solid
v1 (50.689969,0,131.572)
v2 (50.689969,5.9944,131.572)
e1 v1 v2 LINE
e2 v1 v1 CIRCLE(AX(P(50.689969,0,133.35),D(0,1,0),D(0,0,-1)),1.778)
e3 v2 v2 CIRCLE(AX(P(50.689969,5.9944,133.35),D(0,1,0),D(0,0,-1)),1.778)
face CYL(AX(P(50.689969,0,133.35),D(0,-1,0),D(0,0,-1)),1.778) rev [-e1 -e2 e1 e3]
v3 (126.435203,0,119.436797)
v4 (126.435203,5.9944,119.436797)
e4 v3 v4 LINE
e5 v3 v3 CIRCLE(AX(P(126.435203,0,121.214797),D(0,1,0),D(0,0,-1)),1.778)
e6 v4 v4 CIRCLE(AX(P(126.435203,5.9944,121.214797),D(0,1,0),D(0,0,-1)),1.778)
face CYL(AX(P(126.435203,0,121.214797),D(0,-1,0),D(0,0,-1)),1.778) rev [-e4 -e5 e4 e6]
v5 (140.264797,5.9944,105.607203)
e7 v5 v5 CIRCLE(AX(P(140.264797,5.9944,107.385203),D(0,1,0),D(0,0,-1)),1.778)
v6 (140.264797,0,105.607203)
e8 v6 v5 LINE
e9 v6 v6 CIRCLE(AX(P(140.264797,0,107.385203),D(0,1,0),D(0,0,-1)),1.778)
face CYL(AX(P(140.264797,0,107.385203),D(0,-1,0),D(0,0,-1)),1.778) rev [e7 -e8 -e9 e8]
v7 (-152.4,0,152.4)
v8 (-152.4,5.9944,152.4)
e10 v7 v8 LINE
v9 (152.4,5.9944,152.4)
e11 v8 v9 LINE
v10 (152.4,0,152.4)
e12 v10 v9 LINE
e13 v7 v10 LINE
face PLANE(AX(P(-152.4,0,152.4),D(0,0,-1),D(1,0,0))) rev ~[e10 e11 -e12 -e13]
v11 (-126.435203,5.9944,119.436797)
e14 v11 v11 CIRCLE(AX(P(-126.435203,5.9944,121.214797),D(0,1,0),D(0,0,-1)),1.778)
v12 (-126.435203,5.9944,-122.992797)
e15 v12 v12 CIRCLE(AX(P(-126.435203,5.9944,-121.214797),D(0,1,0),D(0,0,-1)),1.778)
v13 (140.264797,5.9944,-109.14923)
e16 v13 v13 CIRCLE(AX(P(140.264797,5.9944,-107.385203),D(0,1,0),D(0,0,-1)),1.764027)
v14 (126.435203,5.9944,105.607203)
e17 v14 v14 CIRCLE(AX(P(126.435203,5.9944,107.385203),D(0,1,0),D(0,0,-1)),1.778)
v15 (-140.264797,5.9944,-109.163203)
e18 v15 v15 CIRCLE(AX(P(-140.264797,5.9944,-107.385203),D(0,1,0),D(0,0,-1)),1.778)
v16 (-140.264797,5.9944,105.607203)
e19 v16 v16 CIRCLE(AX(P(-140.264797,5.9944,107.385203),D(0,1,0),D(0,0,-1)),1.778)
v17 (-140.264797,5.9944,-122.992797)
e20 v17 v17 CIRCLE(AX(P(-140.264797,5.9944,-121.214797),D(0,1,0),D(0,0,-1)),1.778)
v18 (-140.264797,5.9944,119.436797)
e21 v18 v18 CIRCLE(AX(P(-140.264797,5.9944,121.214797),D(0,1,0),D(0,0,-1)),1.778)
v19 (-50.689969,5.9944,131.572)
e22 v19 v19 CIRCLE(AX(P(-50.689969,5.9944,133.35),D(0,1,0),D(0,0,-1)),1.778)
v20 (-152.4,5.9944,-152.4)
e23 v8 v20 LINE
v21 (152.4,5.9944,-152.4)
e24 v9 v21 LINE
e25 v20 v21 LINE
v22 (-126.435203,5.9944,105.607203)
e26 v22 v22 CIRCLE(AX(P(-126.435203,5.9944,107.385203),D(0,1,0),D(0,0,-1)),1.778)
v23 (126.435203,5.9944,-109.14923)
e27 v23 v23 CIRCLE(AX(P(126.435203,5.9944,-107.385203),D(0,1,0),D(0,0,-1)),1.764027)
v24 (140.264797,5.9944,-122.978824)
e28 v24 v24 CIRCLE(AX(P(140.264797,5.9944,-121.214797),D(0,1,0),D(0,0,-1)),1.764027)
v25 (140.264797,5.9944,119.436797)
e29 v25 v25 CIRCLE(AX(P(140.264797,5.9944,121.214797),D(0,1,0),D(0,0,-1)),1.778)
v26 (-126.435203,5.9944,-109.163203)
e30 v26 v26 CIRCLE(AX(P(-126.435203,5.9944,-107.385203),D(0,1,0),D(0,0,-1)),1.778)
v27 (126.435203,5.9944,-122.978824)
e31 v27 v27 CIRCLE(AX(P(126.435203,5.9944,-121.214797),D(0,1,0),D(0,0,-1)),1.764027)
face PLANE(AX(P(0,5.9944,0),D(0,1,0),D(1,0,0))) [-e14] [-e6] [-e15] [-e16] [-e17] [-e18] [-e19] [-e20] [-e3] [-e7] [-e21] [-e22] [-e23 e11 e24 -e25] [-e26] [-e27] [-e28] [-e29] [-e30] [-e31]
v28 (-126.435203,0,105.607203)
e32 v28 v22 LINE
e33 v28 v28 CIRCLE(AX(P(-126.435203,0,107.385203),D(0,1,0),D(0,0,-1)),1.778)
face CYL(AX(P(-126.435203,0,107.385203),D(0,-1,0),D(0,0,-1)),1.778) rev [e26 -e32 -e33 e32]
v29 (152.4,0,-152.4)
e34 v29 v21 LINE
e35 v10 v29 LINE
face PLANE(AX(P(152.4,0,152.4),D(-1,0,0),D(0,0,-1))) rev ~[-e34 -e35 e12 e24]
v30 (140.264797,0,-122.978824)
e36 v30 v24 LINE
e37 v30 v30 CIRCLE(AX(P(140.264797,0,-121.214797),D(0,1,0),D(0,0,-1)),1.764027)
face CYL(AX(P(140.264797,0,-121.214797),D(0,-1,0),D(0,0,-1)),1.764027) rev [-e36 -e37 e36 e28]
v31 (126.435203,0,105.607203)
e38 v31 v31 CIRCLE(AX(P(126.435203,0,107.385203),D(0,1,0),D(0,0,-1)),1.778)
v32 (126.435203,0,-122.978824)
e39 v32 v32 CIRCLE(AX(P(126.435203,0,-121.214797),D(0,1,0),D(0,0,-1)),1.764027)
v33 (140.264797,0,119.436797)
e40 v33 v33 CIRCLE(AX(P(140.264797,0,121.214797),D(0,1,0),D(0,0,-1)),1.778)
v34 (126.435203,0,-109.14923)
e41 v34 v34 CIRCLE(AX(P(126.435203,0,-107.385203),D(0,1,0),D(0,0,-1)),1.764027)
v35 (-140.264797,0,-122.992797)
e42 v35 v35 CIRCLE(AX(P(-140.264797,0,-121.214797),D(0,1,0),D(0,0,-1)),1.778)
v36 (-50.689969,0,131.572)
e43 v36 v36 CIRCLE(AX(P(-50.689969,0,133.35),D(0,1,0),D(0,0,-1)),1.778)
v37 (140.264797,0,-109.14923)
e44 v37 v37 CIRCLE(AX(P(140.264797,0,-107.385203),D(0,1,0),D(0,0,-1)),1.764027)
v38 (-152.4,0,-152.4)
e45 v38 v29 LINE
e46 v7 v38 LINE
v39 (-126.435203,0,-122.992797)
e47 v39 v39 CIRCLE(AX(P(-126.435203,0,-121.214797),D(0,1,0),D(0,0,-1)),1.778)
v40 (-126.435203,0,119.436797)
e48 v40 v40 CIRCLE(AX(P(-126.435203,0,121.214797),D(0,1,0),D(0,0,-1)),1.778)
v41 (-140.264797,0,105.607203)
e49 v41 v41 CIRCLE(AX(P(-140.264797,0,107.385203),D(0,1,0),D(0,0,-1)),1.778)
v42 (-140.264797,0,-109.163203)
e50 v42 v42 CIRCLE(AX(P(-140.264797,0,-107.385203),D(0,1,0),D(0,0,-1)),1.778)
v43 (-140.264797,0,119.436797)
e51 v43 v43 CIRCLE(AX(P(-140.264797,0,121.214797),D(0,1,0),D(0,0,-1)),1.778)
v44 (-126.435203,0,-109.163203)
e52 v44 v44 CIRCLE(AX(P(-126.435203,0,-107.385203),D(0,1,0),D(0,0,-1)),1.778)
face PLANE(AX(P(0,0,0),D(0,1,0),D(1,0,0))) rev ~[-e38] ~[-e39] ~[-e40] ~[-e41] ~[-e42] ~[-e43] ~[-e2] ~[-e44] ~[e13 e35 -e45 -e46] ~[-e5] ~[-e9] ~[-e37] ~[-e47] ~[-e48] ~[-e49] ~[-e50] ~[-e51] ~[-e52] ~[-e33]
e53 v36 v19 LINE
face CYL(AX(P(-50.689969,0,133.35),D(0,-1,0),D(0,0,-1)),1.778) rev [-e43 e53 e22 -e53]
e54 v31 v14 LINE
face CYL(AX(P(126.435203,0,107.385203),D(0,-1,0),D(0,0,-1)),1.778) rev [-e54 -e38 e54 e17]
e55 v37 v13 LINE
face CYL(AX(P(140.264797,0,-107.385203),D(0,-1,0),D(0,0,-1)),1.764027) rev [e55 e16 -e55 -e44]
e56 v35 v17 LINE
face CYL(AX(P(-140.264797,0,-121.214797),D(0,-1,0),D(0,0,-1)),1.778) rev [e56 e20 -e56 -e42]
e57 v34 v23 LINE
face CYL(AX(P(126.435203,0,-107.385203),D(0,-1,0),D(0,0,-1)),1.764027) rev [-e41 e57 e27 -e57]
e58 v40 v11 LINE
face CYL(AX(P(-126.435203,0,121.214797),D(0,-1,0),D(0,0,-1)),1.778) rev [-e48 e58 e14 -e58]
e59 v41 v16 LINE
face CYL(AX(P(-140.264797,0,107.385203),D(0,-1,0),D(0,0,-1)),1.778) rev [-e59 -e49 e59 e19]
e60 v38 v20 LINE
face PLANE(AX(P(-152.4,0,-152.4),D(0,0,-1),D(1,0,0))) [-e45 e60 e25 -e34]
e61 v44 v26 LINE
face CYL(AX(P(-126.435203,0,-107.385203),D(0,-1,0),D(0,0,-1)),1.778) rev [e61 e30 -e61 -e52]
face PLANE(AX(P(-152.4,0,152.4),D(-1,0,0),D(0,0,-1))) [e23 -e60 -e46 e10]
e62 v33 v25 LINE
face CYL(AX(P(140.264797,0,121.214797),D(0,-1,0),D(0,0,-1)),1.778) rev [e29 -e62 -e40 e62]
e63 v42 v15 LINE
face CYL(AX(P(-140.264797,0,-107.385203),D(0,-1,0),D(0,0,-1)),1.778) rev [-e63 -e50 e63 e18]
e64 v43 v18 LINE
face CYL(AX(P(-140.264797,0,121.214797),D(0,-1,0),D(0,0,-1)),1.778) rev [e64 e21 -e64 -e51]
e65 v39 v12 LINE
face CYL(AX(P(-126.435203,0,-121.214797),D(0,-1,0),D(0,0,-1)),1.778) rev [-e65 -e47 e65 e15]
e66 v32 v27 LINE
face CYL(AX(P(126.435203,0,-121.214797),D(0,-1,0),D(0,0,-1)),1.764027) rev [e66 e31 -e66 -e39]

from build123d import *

# Parameters (mm, degrees)
SKETCH1_W           = 304.8
SKETCH1_H           = 304.8
SKETCH1_R           = 1.778
SKETCH1_R_2         = 1.764026957
BOSS_EXTRUDE1_DEPTH = 5.9944


with BuildPart() as part:
    # Sketch1 → Boss-Extrude1 (new body)
    with BuildSketch(Plane(origin=(0, 0, 0), x_dir=(1, 0, 0), z_dir=(0, 1, 0))):
        Rectangle(SKETCH1_W, SKETCH1_H)
        with Locations(Location((-140.264797213, 121.214797213, 0), (0, 0, 90))):
            Circle(SKETCH1_R, mode=Mode.SUBTRACT)
        with Locations(Location((-140.264797213, 107.385202787, 0), (0, 0, 90))):
            Circle(SKETCH1_R, mode=Mode.SUBTRACT)
        with Locations(Location((-126.435202787, 107.385202787, 0), (0, 0, 90))):
            Circle(SKETCH1_R, mode=Mode.SUBTRACT)
        with Locations(Location((-126.435202787, 121.214797213, 0), (0, 0, 90))):
            Circle(SKETCH1_R, mode=Mode.SUBTRACT)
        with Locations(Location((-140.264797213, -121.214797213, 0), (0, 0, 90))):
            Circle(SKETCH1_R, mode=Mode.SUBTRACT)
        with Locations(Location((-126.435202787, -121.214797213, 0), (0, 0, 90))):
            Circle(SKETCH1_R, mode=Mode.SUBTRACT)
        with Locations(Location((-126.435202787, -107.385202787, 0), (0, 0, 90))):
            Circle(SKETCH1_R, mode=Mode.SUBTRACT)
        with Locations(Location((-140.264797213, -107.385202787, 0), (0, 0, 90))):
            Circle(SKETCH1_R, mode=Mode.SUBTRACT)
        with Locations(Location((126.435202787, 121.214797213, 0), (0, 0, 90))):
            Circle(SKETCH1_R_2, mode=Mode.SUBTRACT)
        with Locations(Location((140.264797213, 121.214797213, 0), (0, 0, 90))):
            Circle(SKETCH1_R_2, mode=Mode.SUBTRACT)
        with Locations(Location((140.264797213, 107.385202787, 0), (0, 0, 90))):
            Circle(SKETCH1_R_2, mode=Mode.SUBTRACT)
        with Locations(Location((126.435202787, 107.385202787, 0), (0, 0, 90))):
            Circle(SKETCH1_R_2, mode=Mode.SUBTRACT)
        with Locations(Location((-50.689968624, -133.35, 0), (0, 0, 90))):
            Circle(SKETCH1_R, mode=Mode.SUBTRACT)
        with Locations(Location((126.435202787, -107.385202787, 0), (0, 0, 90))):
            Circle(SKETCH1_R, mode=Mode.SUBTRACT)
        with Locations(Location((126.435202787, -121.214797213, 0), (0, 0, 90))):
            Circle(SKETCH1_R, mode=Mode.SUBTRACT)
        with Locations(Location((140.264797213, -121.214797213, 0), (0, 0, 90))):
            Circle(SKETCH1_R, mode=Mode.SUBTRACT)
        with Locations(Location((140.264797213, -107.385202787, 0), (0, 0, 90))):
            Circle(SKETCH1_R, mode=Mode.SUBTRACT)
        with Locations(Location((50.689968624, -133.35, 0), (0, 0, 90))):
            Circle(SKETCH1_R, mode=Mode.SUBTRACT)
    extrude(amount=BOSS_EXTRUDE1_DEPTH)


solid = part.part
